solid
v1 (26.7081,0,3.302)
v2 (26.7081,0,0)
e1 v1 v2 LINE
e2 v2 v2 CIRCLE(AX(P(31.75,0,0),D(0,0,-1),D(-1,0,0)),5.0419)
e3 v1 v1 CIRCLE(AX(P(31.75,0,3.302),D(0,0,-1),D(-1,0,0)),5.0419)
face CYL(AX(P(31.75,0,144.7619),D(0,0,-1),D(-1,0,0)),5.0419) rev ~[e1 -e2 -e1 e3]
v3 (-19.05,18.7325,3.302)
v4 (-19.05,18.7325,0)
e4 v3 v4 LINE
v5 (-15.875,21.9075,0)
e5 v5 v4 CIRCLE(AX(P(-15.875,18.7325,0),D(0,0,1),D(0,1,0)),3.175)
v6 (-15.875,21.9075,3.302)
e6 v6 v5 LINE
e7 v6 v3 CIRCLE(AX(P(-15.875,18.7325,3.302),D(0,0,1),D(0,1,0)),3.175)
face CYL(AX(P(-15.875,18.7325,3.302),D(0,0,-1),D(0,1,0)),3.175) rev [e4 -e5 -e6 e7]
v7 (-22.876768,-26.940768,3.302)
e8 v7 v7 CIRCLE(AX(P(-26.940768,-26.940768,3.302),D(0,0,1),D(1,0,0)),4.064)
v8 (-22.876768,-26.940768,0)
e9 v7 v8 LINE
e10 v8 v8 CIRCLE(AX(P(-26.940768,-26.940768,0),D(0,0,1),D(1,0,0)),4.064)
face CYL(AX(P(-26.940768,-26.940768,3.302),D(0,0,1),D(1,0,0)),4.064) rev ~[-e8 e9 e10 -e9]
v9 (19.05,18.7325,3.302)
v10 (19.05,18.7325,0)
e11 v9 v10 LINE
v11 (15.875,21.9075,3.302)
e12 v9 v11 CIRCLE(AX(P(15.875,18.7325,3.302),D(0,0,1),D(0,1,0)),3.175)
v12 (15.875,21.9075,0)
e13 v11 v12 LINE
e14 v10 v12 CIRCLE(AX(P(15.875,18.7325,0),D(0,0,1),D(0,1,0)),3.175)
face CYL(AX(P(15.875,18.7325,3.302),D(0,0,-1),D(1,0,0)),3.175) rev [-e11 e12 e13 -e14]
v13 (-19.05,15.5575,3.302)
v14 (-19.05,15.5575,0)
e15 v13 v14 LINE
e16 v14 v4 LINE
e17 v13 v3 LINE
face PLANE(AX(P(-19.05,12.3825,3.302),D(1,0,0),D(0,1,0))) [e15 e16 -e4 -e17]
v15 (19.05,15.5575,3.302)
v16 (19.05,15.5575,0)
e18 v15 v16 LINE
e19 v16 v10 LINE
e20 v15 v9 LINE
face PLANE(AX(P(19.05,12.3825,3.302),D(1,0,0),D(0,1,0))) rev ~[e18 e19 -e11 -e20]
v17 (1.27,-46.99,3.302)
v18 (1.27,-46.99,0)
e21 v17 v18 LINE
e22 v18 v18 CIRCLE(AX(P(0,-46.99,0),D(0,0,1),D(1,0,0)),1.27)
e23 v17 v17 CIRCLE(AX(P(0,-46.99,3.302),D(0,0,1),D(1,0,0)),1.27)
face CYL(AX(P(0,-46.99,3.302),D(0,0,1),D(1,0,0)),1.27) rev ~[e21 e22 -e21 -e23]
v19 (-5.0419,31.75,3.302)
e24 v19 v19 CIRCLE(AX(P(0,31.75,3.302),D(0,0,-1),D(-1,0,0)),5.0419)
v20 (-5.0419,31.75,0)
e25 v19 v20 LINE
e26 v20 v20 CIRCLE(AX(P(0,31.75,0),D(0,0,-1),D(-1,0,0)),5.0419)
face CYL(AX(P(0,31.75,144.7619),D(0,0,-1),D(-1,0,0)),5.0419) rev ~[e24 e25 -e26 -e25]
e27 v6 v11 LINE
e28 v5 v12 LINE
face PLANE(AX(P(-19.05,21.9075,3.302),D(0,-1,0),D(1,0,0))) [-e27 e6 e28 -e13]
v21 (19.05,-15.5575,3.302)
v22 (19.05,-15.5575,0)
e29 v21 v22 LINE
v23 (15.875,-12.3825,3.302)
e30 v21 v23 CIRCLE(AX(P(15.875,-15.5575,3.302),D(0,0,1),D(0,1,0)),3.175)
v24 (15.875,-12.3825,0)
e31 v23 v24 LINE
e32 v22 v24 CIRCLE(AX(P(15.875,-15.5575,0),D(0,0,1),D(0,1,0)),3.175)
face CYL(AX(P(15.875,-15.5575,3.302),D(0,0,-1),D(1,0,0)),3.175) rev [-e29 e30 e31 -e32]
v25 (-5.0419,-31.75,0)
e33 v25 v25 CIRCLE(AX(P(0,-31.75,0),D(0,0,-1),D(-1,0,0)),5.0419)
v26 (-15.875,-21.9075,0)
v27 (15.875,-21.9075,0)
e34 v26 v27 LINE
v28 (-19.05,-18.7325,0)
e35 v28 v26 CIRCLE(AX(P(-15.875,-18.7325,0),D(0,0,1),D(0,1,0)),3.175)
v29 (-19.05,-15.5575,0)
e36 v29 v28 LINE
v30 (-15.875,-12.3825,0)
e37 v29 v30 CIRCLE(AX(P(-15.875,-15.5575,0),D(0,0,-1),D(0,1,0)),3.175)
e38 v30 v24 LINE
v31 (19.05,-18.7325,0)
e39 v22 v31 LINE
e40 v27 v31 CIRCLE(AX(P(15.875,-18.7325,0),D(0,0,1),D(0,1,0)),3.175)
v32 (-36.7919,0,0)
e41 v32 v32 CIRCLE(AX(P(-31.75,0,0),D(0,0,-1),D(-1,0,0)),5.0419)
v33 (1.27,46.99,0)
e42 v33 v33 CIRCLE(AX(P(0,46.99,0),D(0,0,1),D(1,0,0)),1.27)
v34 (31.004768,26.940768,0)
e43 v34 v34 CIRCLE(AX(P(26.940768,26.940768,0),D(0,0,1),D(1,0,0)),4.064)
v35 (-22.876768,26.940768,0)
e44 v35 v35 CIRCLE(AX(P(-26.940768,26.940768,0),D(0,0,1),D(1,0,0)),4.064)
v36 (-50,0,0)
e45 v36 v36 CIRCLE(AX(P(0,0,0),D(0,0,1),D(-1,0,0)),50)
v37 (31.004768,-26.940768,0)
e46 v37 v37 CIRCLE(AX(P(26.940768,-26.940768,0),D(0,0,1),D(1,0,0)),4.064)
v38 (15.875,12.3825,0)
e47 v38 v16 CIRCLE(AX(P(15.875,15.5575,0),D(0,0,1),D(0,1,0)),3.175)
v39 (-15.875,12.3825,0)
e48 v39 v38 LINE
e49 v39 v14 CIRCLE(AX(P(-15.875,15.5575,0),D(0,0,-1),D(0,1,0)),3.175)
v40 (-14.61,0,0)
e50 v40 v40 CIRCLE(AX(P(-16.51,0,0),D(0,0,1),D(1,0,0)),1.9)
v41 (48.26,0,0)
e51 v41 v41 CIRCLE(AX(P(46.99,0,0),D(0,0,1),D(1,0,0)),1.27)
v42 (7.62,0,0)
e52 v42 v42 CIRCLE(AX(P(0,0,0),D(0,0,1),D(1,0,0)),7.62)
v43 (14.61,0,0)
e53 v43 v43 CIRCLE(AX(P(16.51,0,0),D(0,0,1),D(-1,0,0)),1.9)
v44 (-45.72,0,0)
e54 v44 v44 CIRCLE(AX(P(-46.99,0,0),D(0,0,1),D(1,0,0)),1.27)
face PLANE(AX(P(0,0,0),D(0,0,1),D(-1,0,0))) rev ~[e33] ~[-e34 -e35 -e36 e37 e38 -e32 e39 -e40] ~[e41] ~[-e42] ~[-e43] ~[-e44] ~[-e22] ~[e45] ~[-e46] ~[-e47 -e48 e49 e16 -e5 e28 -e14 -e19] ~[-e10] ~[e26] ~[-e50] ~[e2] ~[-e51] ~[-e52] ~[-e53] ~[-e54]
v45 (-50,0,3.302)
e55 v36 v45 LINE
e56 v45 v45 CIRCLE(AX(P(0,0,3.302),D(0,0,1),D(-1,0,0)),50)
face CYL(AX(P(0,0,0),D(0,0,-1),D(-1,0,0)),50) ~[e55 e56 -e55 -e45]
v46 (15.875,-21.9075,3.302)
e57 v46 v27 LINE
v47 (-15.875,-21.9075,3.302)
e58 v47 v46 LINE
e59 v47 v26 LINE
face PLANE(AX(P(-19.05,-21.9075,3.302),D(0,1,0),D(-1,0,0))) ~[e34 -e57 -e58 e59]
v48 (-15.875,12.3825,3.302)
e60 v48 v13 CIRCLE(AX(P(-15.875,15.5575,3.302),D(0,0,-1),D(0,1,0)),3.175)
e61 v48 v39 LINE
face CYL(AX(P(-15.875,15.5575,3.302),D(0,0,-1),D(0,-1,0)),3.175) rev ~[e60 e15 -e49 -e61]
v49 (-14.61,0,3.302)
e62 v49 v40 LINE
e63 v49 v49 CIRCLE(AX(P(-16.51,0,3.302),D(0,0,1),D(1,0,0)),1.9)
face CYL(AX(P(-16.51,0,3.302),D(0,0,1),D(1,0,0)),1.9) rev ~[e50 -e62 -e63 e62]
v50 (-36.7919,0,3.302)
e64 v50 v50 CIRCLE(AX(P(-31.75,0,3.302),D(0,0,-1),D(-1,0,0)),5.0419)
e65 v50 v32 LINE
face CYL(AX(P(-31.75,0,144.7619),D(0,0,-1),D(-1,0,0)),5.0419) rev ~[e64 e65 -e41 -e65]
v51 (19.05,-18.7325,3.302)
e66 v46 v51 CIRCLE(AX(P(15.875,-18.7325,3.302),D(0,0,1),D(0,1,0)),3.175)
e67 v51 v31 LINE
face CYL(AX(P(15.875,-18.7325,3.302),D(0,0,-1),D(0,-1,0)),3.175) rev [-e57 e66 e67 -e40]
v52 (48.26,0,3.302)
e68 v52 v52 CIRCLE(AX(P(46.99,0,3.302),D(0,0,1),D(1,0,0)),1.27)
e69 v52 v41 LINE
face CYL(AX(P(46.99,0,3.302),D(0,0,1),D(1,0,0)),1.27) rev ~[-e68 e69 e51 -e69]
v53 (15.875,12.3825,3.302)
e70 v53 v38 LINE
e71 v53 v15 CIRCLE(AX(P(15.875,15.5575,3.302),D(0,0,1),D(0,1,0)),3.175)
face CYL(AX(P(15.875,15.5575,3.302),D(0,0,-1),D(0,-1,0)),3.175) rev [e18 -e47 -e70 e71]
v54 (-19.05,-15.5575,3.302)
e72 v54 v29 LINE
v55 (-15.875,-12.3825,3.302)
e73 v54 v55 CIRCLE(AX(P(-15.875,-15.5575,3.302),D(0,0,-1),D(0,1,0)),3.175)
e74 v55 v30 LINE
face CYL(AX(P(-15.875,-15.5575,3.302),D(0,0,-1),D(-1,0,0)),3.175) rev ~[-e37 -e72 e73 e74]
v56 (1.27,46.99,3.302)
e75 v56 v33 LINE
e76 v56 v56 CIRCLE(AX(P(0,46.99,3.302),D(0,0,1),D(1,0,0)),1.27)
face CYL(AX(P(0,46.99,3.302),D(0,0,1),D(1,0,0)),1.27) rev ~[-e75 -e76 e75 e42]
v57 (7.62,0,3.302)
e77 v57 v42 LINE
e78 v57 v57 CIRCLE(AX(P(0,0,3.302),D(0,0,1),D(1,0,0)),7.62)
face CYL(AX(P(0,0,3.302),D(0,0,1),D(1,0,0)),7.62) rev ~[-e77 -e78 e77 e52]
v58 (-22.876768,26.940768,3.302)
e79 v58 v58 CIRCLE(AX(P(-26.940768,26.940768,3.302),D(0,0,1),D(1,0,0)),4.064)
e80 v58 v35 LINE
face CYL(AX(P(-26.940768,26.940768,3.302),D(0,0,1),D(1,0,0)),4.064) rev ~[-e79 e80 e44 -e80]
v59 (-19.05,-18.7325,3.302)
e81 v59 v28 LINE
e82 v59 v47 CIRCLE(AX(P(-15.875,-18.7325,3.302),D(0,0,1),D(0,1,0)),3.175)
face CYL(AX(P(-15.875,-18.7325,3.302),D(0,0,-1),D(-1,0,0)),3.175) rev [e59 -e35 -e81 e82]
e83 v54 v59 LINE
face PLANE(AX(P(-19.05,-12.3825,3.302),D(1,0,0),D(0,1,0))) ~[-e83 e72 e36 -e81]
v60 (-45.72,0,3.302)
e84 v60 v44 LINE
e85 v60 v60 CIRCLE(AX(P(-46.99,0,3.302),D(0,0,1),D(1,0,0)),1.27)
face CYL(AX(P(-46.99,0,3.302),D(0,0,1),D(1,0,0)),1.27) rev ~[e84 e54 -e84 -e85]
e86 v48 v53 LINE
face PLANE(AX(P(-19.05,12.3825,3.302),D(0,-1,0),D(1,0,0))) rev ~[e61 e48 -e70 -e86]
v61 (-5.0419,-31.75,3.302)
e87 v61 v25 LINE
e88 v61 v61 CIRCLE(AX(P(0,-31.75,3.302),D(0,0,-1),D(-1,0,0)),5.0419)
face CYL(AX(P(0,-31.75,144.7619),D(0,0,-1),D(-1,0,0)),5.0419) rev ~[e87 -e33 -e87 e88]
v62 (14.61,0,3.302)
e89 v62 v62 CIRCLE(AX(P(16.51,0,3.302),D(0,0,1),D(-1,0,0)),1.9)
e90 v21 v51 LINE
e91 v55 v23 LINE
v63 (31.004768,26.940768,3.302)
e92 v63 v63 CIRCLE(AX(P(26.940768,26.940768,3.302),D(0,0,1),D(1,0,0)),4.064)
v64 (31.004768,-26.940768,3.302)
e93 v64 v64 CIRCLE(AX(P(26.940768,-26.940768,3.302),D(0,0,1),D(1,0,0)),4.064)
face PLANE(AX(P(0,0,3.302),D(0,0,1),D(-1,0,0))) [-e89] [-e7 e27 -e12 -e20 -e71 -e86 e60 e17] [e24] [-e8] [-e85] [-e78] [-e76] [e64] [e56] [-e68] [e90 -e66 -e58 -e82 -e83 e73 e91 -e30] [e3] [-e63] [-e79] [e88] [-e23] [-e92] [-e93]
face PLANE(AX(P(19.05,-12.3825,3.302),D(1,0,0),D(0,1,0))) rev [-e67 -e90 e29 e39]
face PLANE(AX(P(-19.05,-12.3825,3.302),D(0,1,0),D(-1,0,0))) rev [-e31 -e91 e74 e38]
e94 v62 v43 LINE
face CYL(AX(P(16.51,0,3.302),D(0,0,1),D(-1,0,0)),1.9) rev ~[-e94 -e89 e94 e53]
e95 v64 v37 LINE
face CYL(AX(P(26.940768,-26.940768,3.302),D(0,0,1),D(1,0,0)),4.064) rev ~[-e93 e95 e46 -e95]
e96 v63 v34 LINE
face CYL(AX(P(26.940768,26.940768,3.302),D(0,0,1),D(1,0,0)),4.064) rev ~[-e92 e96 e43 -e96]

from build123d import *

# Parameters (mm, degrees)
SKETCH_1_R              = 50
EXTRUDE_1_DEPTH         = 3.302
SKETCH_2_R              = 4.064
CUT_EXTRUDE_1_DEPTH     = 71.787733429
SKETCH_4_R              = 7.62
CUT_EXTRUDE_3_DEPTH     = 71.787733429
SKETCH_7_R              = 1.27
CUT_EXTRUDE_6_DEPTH     = 71.787733429
F_3_8_CLEARANCE_HOLE1_D = 10.0838
SKETCH11_R              = 1.9
CUT_EXTRUDE5_DEPTH      = 71.787733429
CIRPATTERN1_COUNT       = 2
SKETCH12_W              = 38.1
SKETCH12_H              = 9.525
CUT_EXTRUDE6_DEPTH      = 71.787733429
FILLET1_R               = 3.175
FILLET1_OF_MIRROR1_R    = 3.175


with BuildPart() as part:
    # 草图1 → 凸台-拉伸1 (new body)
    with BuildSketch(Plane.XY):
        with Locations(Location((0, 0, 0), (0, 0, 180))):
            Circle(SKETCH_1_R)
    extrude(amount=EXTRUDE_1_DEPTH)

    # 草图2 → 切除-拉伸1 (cut, through all)
    with BuildSketch(Plane.XY.offset(3.302)):
        with Locations((-26.940768363, 26.940768363)):
            Circle(SKETCH_2_R)
        with Locations((-26.940768363, -26.940768363)):
            Circle(SKETCH_2_R)
        with Locations((26.940768363, -26.940768363)):
            Circle(SKETCH_2_R)
        with Locations((26.940768363, 26.940768363)):
            Circle(SKETCH_2_R)
    extrude(amount=-CUT_EXTRUDE_1_DEPTH, mode=Mode.SUBTRACT)

    # 草图4 → 切除-拉伸3 (cut, through all)
    with BuildSketch(Plane.XY.offset(3.302)):
        Circle(SKETCH_4_R)
    extrude(amount=-CUT_EXTRUDE_3_DEPTH, mode=Mode.SUBTRACT)

    # 草图7 → 切除-拉伸6 (cut, through all)
    with BuildSketch(Plane.XY.offset(3.302)):
        with Locations((0, 46.99)):
            Circle(SKETCH_7_R)
        with Locations((46.99, 0)):
            Circle(SKETCH_7_R)
        with Locations((0, -46.99)):
            Circle(SKETCH_7_R)
        with Locations((-46.99, 0)):
            Circle(SKETCH_7_R)
    extrude(amount=-CUT_EXTRUDE_6_DEPTH, mode=Mode.SUBTRACT)

    # 3/8 Clearance Hole1 (through all)
    with Locations(Plane.XY.offset(3.302)):
        with Locations((0, 31.75), (-31.75, 0), (31.75, 0), (0, -31.75)):
            Hole(F_3_8_CLEARANCE_HOLE1_D / 2)

    # Sketch11 → Cut-Extrude5 (cut, through all)
    with BuildSketch(Plane.XY.offset(3.302)):
        with Locations((-16.51, 0)):
            Circle(SKETCH11_R)
    cut_extrude5 = extrude(amount=-CUT_EXTRUDE5_DEPTH, mode=Mode.SUBTRACT)

    # CirPattern1: Cut-Extrude5 ×2 about axis
    cirpattern1_axis = Axis((0, 0, 0), (0, 0, 1))
    for i in range(1, CIRPATTERN1_COUNT):
        add(cut_extrude5.rotate(cirpattern1_axis, i * 360 / CIRPATTERN1_COUNT), mode=Mode.SUBTRACT)

    # Sketch12 → Cut-Extrude6 (cut, through all)
    with BuildSketch(Plane.XY.offset(3.302)):
        with Locations((0, 17.145)):
            Rectangle(SKETCH12_W, SKETCH12_H)
    cut_extrude6 = extrude(amount=-CUT_EXTRUDE6_DEPTH, mode=Mode.SUBTRACT)

    # Fillet1
    fillet1_edges = [part.edges().sort_by_distance(p)[0] for p in [
        (19.05, 21.9075, 1.651),
        (19.05, 12.3825, 1.651),
        (-19.05, 12.3825, 1.651),
        (-19.05, 21.9075, 1.651),
    ]]
    fillet(fillet1_edges, radius=FILLET1_R)

    # Mirror1: Cut-Extrude6 across plane
    add(cut_extrude6.mirror(Plane.ZX), mode=Mode.SUBTRACT)

    # Fillet1 of Mirror1
    fillet1_of_mirror1_edges = [part.edges().sort_by_distance(p)[0] for p in [
        (19.05, -21.9075, 1.651),
        (19.05, -12.3825, 1.651),
        (-19.05, -12.3825, 1.651),
        (-19.05, -21.9075, 1.651),
    ]]
    fillet(fillet1_of_mirror1_edges, radius=FILLET1_OF_MIRROR1_R)


solid = part.part
